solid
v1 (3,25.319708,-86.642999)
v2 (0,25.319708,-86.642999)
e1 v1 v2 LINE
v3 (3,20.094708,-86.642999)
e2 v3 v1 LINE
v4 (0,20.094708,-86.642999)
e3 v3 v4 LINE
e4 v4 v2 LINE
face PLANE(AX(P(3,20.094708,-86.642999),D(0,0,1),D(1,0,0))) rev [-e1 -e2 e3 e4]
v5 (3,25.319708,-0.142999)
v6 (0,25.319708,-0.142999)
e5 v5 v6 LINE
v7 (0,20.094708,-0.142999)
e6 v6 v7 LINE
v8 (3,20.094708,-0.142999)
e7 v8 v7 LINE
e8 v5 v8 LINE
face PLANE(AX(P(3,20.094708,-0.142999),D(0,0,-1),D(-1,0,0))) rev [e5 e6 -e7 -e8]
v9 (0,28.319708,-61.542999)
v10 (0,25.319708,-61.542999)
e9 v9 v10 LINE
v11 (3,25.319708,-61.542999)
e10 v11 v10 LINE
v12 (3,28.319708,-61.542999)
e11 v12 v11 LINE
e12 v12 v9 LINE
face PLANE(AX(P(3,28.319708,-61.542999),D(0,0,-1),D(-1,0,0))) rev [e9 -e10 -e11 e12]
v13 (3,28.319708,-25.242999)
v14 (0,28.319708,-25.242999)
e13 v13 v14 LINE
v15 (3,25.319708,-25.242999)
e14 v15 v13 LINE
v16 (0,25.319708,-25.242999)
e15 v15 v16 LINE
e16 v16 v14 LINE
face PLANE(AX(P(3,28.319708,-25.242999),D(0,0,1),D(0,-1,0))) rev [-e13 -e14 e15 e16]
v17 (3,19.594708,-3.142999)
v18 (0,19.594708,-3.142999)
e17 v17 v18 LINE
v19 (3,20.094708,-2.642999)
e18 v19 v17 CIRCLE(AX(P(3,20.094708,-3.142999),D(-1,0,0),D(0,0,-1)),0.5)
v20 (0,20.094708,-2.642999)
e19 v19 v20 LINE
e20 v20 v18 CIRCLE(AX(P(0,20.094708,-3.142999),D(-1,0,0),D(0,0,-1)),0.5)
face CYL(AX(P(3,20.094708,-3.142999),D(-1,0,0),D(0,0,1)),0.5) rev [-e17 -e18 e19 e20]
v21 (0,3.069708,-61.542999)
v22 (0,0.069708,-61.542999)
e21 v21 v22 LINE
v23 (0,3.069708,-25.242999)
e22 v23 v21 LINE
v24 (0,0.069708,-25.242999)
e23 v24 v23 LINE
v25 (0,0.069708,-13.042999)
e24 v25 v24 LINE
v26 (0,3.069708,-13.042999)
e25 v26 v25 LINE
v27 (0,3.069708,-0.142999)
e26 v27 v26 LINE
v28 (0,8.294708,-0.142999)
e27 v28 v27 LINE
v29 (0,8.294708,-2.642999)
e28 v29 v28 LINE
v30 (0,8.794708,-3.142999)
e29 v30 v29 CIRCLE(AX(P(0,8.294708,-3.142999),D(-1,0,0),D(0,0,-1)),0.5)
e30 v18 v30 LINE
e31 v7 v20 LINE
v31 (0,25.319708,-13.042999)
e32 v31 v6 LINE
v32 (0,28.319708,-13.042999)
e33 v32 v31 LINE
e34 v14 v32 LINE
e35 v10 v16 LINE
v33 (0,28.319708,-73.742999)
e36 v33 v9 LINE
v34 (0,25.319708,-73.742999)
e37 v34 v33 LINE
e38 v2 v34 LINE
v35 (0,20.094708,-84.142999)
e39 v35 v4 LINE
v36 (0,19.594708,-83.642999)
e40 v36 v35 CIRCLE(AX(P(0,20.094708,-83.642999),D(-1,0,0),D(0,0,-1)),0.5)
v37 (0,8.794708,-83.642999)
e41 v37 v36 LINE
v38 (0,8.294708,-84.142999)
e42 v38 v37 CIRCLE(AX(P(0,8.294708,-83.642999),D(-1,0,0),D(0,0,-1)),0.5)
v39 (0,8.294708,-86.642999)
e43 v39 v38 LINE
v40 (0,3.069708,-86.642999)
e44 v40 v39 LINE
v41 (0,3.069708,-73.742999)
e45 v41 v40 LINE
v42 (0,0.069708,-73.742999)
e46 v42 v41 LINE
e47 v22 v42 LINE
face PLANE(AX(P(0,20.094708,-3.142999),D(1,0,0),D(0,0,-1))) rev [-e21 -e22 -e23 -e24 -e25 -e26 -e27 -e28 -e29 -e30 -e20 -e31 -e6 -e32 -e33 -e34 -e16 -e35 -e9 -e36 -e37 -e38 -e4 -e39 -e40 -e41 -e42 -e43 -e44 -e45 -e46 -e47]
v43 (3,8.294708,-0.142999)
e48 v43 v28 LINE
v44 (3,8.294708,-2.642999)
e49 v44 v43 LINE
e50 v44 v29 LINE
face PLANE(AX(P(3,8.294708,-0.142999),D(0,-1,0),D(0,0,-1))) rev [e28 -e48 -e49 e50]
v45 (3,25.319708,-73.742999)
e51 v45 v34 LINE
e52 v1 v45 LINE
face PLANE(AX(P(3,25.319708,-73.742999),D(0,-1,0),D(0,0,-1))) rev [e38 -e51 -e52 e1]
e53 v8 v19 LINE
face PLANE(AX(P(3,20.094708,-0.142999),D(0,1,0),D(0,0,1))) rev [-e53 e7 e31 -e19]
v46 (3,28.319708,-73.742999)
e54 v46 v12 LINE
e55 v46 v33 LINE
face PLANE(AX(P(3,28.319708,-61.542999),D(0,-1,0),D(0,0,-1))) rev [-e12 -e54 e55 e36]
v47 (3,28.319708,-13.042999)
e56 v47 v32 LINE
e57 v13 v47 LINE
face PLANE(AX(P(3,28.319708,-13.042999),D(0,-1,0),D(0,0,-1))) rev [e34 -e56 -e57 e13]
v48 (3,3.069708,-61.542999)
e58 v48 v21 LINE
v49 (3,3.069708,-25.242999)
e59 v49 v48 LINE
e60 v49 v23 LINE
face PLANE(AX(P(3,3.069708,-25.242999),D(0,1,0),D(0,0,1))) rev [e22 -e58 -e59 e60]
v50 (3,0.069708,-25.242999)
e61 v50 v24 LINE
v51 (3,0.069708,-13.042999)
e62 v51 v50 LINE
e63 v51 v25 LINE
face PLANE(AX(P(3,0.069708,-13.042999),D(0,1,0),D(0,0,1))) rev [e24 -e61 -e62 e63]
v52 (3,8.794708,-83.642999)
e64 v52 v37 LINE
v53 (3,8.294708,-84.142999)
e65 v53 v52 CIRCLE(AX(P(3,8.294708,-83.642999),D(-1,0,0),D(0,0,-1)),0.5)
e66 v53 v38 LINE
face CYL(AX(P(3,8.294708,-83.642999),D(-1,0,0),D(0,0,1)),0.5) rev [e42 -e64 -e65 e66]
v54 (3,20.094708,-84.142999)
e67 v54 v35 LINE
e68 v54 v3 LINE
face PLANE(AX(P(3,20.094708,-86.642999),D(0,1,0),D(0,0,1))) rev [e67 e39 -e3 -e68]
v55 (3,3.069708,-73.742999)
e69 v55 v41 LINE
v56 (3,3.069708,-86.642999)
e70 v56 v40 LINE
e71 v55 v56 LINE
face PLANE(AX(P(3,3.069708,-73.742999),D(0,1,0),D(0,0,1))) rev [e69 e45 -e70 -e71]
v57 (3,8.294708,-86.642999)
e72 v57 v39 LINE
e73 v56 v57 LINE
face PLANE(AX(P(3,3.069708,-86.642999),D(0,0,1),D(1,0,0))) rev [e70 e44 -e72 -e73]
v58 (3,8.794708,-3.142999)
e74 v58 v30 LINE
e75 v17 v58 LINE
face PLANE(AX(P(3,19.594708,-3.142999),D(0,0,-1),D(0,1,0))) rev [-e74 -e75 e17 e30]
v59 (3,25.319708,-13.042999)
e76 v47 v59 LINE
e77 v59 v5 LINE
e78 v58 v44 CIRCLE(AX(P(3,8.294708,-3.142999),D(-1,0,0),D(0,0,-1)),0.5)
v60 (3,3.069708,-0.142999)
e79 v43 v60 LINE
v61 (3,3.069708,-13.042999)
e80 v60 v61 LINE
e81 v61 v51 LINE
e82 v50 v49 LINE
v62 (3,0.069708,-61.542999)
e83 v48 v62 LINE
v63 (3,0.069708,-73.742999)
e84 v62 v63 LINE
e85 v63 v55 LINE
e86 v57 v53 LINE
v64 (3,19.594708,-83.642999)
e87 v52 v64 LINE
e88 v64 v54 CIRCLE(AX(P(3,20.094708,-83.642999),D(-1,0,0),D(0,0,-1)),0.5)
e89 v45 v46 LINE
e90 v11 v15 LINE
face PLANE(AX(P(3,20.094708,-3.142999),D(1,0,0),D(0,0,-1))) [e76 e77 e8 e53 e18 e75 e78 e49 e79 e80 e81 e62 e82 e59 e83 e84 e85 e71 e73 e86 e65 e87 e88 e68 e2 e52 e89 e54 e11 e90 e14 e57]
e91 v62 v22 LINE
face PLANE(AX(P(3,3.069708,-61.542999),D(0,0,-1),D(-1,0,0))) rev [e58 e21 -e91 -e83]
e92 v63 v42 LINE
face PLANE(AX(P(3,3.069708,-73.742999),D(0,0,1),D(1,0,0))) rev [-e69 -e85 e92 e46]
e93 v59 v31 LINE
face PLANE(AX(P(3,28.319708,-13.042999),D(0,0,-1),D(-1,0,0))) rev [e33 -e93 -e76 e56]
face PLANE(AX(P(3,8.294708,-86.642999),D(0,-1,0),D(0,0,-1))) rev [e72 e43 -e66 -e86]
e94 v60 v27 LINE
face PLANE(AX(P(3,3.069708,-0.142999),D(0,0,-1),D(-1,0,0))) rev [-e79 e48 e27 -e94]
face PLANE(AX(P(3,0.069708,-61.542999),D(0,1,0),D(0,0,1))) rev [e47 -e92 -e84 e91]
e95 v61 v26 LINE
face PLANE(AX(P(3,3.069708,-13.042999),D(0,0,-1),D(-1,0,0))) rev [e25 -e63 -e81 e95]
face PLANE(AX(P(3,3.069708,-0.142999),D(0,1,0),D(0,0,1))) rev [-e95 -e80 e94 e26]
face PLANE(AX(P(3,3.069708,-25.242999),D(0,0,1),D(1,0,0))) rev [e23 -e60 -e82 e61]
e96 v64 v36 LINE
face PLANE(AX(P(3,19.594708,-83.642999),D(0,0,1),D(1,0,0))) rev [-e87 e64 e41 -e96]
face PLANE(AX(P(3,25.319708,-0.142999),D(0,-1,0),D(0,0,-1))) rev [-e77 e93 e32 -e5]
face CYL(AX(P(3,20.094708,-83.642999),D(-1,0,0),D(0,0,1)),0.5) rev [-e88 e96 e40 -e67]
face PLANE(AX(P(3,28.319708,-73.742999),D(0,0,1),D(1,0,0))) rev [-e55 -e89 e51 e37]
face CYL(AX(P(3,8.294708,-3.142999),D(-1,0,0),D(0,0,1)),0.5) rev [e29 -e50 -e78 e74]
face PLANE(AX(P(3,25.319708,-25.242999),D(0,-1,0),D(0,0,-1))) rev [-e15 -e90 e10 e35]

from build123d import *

# Parameters (mm, degrees)
BOSS_EXTRUDE1_DEPTH = 3


with BuildPart() as part:
    # Sketch3 → Boss-Extrude1 (new body)
    with BuildSketch(Plane(origin=(0, 0, 0), x_dir=(0, 0, -1), z_dir=(1, 0, 0))):
        with BuildLine():
            Line((61.542999323, 28.319708212), (73.742999323, 28.319708212))
            Line((73.742999323, 28.319708212), (73.742999323, 25.319708212))
            Line((73.742999323, 25.319708212), (86.642999323, 25.319708212))
            Line((86.642999323, 25.319708212), (86.642999323, 20.094708212))
            Line((86.642999323, 20.094708212), (84.142999323, 20.094708212))
            ThreePointArc((84.142999323, 20.094708212), (83.289445933, 20.448261603), (83.642999323, 19.594708212))
            Line((83.642999323, 19.594708212), (83.642999323, 8.794708212))
            ThreePointArc((83.642999323, 8.794708212), (83.289445933, 7.941154822), (84.142999323, 8.294708212))
            Line((84.142999323, 8.294708212), (86.642999323, 8.294708212))
            Line((86.642999323, 8.294708212), (86.642999323, 3.069708212))
            Line((86.642999323, 3.069708212), (73.742999323, 3.069708212))
            Line((73.742999323, 3.069708212), (73.742999323, 0.069708212))
            Line((73.742999323, 0.069708212), (61.542999323, 0.069708212))
            Line((61.542999323, 0.069708212), (61.542999323, 3.069708212))
            Line((61.542999323, 3.069708212), (25.242999323, 3.069708212))
            Line((25.242999323, 3.069708212), (25.242999323, 0.069708212))
            Line((25.242999323, 0.069708212), (13.042999323, 0.069708212))
            Line((13.042999323, 0.069708212), (13.042999323, 3.069708212))
            Line((13.042999323, 3.069708212), (0.142999323, 3.069708212))
            Line((0.142999323, 3.069708212), (0.142999323, 8.294708212))
            Line((0.142999323, 8.294708212), (2.642999323, 8.294708212))
            ThreePointArc((2.642999323, 8.294708212), (3.496552714, 7.941154822), (3.142999323, 8.794708212))
            Line((3.142999323, 8.794708212), (3.142999323, 19.594708212))
            ThreePointArc((3.142999323, 19.594708212), (3.496552714, 20.448261603), (2.642999323, 20.094708212))
            Line((2.642999323, 20.094708212), (0.142999323, 20.094708212))
            Line((0.142999323, 20.094708212), (0.142999323, 25.319708212))
            Line((0.142999323, 25.319708212), (13.042999323, 25.319708212))
            Line((13.042999323, 25.319708212), (13.042999323, 28.319708212))
            Line((13.042999323, 28.319708212), (25.242999323, 28.319708212))
            Line((25.242999323, 28.319708212), (25.242999323, 25.319708212))
            Line((25.242999323, 25.319708212), (61.542999323, 25.319708212))
            Line((61.542999323, 25.319708212), (61.542999323, 28.319708212))
        make_face()
    extrude(amount=BOSS_EXTRUDE1_DEPTH)


solid = part.part
